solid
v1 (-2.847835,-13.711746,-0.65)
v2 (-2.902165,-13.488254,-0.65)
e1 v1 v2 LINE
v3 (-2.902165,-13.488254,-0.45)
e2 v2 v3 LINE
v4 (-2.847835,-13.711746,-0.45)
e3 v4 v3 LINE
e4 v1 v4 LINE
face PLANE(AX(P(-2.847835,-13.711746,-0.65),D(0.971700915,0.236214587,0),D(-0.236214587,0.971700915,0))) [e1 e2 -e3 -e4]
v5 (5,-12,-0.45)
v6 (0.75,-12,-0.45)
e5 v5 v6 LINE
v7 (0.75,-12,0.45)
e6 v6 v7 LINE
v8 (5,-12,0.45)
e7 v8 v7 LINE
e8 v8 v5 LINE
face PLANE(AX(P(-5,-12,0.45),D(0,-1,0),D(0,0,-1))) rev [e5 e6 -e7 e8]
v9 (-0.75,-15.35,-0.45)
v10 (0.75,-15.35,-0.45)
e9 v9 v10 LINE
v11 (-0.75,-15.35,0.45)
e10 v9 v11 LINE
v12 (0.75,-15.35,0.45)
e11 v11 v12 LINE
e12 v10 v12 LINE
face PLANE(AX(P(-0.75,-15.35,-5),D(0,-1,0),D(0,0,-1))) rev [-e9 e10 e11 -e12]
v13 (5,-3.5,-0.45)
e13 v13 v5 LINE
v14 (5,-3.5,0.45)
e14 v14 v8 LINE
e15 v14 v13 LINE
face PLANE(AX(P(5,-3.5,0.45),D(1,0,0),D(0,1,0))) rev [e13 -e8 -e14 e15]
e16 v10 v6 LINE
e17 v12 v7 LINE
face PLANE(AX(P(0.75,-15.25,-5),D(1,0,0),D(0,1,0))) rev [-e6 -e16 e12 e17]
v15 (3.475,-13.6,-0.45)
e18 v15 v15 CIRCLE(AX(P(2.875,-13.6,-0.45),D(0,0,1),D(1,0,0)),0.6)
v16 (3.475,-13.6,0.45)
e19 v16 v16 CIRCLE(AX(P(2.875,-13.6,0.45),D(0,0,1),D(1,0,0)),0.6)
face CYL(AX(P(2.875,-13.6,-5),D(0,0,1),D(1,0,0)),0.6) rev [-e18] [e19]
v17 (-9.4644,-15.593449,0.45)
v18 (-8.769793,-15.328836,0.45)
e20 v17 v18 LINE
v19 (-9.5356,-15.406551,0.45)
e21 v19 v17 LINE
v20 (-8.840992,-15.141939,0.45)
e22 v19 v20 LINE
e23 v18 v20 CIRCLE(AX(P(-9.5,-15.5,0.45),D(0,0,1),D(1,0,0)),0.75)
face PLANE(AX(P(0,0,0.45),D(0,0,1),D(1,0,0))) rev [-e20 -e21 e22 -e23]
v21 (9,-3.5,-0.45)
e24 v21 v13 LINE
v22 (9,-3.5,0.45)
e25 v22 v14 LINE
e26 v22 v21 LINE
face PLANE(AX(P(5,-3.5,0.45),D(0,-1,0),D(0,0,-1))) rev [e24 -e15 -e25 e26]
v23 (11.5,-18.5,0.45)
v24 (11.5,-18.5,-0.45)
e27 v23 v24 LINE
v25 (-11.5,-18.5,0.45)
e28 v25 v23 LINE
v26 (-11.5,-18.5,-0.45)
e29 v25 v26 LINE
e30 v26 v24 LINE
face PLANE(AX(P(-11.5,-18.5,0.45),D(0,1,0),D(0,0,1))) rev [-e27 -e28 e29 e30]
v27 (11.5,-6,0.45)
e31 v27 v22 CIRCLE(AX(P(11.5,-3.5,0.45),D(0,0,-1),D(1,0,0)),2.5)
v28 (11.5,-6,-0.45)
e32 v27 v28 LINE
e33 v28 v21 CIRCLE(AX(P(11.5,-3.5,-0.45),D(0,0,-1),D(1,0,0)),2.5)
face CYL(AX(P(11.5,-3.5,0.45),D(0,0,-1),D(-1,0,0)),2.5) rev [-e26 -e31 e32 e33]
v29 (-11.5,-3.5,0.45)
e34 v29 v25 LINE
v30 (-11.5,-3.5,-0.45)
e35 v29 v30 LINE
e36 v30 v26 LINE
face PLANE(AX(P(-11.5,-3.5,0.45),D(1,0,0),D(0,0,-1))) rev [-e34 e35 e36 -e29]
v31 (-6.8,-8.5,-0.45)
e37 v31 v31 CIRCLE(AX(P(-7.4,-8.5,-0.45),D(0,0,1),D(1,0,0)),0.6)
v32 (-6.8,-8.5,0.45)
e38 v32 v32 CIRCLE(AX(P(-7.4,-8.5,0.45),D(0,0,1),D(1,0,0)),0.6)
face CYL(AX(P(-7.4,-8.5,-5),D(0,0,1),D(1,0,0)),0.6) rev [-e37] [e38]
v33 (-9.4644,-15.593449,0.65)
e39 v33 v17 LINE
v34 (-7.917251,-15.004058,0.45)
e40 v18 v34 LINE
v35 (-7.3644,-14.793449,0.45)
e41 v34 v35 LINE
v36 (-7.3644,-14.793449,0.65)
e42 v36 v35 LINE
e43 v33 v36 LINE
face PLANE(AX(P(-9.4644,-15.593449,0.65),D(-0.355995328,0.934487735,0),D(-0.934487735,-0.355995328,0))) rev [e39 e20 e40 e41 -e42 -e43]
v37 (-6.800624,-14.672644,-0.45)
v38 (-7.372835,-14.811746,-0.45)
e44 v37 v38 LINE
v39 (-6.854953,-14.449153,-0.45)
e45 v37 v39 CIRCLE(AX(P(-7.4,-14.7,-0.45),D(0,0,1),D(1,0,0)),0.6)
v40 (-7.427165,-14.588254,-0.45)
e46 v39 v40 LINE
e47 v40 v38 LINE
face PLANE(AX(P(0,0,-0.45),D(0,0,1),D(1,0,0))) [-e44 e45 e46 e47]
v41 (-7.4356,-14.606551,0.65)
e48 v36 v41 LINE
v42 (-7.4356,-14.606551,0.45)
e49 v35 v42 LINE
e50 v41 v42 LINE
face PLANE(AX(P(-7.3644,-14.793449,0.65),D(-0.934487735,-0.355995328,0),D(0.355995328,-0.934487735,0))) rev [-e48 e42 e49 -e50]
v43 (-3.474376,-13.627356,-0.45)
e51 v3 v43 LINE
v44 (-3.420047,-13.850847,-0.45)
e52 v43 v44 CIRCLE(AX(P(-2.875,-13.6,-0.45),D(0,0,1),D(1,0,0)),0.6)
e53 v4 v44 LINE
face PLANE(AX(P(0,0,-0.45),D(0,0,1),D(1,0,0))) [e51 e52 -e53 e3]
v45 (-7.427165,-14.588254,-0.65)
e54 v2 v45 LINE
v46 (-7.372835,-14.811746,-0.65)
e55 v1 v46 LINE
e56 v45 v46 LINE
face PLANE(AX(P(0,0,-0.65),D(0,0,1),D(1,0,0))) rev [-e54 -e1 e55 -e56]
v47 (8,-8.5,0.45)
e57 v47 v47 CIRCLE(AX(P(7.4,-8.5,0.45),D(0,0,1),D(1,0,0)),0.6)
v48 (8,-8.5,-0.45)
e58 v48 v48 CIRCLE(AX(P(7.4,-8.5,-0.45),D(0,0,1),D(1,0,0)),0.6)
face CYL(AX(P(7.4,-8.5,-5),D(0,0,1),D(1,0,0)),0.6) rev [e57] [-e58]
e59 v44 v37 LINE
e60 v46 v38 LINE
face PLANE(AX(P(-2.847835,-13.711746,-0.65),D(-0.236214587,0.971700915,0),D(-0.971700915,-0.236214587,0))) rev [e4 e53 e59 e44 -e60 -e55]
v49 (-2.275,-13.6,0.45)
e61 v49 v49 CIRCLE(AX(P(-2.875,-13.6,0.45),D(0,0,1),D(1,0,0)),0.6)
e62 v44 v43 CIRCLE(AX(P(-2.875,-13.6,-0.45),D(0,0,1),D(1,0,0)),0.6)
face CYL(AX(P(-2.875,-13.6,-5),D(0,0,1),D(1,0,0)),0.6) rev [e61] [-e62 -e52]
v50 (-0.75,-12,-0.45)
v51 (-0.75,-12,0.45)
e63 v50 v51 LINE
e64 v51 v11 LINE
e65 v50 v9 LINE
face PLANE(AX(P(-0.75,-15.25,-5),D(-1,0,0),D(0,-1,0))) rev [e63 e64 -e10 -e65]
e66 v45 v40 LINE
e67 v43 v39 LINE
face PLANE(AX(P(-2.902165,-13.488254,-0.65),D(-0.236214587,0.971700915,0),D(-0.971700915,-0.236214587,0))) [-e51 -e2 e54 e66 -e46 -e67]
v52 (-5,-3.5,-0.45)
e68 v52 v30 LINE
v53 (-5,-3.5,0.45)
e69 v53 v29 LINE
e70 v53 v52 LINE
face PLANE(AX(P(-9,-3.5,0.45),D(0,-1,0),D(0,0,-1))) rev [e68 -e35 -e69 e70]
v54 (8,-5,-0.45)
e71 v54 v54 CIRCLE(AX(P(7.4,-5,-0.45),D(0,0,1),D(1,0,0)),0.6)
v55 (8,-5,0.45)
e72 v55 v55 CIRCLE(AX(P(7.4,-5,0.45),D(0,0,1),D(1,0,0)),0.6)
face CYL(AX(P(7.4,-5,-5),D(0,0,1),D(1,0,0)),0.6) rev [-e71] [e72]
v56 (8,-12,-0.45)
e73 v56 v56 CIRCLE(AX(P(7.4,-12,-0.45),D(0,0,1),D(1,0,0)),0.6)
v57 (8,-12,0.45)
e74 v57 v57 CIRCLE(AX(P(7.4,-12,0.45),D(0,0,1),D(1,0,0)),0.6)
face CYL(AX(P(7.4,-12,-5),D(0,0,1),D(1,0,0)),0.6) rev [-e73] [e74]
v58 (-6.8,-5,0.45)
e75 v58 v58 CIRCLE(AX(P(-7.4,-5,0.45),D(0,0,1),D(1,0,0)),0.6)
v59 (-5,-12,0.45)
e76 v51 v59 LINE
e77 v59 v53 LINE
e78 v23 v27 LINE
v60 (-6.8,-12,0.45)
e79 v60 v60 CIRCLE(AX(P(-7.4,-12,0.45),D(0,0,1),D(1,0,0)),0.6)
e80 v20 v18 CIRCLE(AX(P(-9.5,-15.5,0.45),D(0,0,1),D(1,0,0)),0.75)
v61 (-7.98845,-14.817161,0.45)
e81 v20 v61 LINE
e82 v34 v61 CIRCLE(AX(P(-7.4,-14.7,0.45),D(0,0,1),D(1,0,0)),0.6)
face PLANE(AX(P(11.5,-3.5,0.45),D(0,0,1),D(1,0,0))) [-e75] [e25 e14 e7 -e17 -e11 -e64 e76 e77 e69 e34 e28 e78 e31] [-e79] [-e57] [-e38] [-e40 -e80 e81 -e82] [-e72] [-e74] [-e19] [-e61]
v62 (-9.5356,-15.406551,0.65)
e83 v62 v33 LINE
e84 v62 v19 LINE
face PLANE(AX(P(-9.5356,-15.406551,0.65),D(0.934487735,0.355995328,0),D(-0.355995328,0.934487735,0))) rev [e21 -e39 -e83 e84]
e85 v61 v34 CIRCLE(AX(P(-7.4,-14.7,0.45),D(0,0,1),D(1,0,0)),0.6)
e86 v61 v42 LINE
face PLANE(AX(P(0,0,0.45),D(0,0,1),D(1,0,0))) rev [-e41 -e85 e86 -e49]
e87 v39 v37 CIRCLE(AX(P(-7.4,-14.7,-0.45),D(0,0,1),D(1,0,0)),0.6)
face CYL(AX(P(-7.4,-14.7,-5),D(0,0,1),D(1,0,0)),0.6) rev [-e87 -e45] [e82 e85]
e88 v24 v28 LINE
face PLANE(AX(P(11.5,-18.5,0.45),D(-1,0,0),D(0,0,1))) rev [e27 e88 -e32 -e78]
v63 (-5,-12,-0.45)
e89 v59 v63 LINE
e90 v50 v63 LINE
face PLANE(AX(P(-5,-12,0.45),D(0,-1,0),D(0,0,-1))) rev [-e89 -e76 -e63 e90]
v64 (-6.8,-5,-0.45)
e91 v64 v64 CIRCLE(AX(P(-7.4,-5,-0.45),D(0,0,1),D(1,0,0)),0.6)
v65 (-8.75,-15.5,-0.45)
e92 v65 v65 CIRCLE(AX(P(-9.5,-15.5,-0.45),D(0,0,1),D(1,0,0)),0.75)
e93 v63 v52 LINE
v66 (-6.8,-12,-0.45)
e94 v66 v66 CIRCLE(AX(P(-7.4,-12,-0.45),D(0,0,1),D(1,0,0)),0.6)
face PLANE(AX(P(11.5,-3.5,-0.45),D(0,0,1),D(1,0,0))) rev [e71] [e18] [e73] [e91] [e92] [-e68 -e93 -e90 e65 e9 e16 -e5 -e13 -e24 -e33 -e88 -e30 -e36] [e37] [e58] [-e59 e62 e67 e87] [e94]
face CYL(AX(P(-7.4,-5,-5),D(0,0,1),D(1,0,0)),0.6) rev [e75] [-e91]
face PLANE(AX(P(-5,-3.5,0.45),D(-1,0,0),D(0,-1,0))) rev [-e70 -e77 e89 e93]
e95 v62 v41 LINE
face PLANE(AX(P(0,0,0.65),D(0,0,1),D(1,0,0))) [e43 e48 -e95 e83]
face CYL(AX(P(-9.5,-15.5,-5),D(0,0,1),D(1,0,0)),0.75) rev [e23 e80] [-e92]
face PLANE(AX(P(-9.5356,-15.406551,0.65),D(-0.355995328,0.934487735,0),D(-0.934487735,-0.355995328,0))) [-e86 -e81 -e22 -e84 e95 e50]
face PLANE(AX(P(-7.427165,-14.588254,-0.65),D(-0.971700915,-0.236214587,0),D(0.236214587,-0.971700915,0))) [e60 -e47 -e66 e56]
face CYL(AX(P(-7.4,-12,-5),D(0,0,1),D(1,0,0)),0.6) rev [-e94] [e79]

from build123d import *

# Parameters (mm, degrees)
EXTRUDE_1_DEPTH     = 0.45
CUT_EXTRUDE_1_DEPTH = 5
SKETCH_4_R          = 0.75
SKETCH_4_R_2        = 0.6
CUT_EXTRUDE_3_DEPTH = 5
EXTRUDE_1_2_DEPTH   = 0.2
EXTRUDE_2_DEPTH     = 0.2


with BuildPart() as part:
    # Эскиз1 → Extrude 1 (new, symmetric)
    with BuildSketch(Plane.XY):
        with BuildLine():
            Line((-11.5, -18.5), (11.5, -18.5))
            Line((11.5, -18.5), (11.5, -6))
            ThreePointArc((11.5, -6), (9.732233047, -5.267766953), (9, -3.5))
            Line((9, -3.5), (5, -3.5))
            Line((5, -3.5), (5, -12))
            Line((5, -12), (-5, -12))
            Line((-5, -12), (-5, -3.5))
            Line((-5, -3.5), (-9, -3.5))
            Line((-9, -3.5), (-11.5, -3.5))
            Line((-11.5, -3.5), (-11.5, -6))
            Line((-11.5, -6), (-11.5, -18.5))
        make_face()
    extrude(amount=EXTRUDE_1_DEPTH, both=True)

    # Эскиз2 → Вырез-Вытянуть1 (cut, symmetric)
    with BuildSketch(Plane.XY):
        Polygon((-0.75, -15.25), (-0.75, -12), (0.75, -12), (0.75, -15.25), (0.75, -15.35), (-0.75, -15.35), align=None)
    extrude(amount=CUT_EXTRUDE_1_DEPTH, both=True, mode=Mode.SUBTRACT)

    # Эскиз4 → Вырез-Вытянуть3 (cut, symmetric)
    with BuildSketch(Plane.XY):
        with Locations((-9.5, -15.5)):
            Circle(SKETCH_4_R)
        with Locations((-2.875, -13.6)):
            Circle(SKETCH_4_R_2)
        with Locations((-7.4, -14.7)):
            Circle(SKETCH_4_R_2)
        with Locations((-7.4, -8.5)):
            Circle(SKETCH_4_R_2)
        with Locations((-7.4, -5)):
            Circle(SKETCH_4_R_2)
        with Locations((7.4, -8.5)):
            Circle(SKETCH_4_R_2)
        with Locations((7.4, -5)):
            Circle(SKETCH_4_R_2)
        with Locations((2.875, -13.6)):
            Circle(SKETCH_4_R_2)
        with Locations((-7.4, -12)):
            Circle(SKETCH_4_R_2)
        with Locations((7.4, -12)):
            Circle(SKETCH_4_R_2)
    extrude(amount=CUT_EXTRUDE_3_DEPTH, both=True, mode=Mode.SUBTRACT)

    # Эскиз5 → Extrude 1 2 (add)
    with BuildSketch(Plane(origin=(0, 0, 0.45), x_dir=(-1, 0, 0), z_dir=(0, 0, -1))):
        Polygon((9.535599533, -15.406551227), (7.435599533, -14.606551227), (7.364400467, -14.793448773), (9.464400467, -15.593448773), align=None)
    extrude(amount=-EXTRUDE_1_2_DEPTH)

    # Эскиз6 → Вытянуть-Тонкостенный2 (add)
    with BuildSketch(Plane(origin=(0, 0, -0.45), x_dir=(-1, 0, 0), z_dir=(0, 0, -1))):
        Polygon((2.847835322, -13.711745605), (7.372835322, -14.811745605), (7.427164678, -14.588254395), (2.902164678, -13.488254395), align=None)
    extrude(amount=EXTRUDE_2_DEPTH)


solid = part.part
